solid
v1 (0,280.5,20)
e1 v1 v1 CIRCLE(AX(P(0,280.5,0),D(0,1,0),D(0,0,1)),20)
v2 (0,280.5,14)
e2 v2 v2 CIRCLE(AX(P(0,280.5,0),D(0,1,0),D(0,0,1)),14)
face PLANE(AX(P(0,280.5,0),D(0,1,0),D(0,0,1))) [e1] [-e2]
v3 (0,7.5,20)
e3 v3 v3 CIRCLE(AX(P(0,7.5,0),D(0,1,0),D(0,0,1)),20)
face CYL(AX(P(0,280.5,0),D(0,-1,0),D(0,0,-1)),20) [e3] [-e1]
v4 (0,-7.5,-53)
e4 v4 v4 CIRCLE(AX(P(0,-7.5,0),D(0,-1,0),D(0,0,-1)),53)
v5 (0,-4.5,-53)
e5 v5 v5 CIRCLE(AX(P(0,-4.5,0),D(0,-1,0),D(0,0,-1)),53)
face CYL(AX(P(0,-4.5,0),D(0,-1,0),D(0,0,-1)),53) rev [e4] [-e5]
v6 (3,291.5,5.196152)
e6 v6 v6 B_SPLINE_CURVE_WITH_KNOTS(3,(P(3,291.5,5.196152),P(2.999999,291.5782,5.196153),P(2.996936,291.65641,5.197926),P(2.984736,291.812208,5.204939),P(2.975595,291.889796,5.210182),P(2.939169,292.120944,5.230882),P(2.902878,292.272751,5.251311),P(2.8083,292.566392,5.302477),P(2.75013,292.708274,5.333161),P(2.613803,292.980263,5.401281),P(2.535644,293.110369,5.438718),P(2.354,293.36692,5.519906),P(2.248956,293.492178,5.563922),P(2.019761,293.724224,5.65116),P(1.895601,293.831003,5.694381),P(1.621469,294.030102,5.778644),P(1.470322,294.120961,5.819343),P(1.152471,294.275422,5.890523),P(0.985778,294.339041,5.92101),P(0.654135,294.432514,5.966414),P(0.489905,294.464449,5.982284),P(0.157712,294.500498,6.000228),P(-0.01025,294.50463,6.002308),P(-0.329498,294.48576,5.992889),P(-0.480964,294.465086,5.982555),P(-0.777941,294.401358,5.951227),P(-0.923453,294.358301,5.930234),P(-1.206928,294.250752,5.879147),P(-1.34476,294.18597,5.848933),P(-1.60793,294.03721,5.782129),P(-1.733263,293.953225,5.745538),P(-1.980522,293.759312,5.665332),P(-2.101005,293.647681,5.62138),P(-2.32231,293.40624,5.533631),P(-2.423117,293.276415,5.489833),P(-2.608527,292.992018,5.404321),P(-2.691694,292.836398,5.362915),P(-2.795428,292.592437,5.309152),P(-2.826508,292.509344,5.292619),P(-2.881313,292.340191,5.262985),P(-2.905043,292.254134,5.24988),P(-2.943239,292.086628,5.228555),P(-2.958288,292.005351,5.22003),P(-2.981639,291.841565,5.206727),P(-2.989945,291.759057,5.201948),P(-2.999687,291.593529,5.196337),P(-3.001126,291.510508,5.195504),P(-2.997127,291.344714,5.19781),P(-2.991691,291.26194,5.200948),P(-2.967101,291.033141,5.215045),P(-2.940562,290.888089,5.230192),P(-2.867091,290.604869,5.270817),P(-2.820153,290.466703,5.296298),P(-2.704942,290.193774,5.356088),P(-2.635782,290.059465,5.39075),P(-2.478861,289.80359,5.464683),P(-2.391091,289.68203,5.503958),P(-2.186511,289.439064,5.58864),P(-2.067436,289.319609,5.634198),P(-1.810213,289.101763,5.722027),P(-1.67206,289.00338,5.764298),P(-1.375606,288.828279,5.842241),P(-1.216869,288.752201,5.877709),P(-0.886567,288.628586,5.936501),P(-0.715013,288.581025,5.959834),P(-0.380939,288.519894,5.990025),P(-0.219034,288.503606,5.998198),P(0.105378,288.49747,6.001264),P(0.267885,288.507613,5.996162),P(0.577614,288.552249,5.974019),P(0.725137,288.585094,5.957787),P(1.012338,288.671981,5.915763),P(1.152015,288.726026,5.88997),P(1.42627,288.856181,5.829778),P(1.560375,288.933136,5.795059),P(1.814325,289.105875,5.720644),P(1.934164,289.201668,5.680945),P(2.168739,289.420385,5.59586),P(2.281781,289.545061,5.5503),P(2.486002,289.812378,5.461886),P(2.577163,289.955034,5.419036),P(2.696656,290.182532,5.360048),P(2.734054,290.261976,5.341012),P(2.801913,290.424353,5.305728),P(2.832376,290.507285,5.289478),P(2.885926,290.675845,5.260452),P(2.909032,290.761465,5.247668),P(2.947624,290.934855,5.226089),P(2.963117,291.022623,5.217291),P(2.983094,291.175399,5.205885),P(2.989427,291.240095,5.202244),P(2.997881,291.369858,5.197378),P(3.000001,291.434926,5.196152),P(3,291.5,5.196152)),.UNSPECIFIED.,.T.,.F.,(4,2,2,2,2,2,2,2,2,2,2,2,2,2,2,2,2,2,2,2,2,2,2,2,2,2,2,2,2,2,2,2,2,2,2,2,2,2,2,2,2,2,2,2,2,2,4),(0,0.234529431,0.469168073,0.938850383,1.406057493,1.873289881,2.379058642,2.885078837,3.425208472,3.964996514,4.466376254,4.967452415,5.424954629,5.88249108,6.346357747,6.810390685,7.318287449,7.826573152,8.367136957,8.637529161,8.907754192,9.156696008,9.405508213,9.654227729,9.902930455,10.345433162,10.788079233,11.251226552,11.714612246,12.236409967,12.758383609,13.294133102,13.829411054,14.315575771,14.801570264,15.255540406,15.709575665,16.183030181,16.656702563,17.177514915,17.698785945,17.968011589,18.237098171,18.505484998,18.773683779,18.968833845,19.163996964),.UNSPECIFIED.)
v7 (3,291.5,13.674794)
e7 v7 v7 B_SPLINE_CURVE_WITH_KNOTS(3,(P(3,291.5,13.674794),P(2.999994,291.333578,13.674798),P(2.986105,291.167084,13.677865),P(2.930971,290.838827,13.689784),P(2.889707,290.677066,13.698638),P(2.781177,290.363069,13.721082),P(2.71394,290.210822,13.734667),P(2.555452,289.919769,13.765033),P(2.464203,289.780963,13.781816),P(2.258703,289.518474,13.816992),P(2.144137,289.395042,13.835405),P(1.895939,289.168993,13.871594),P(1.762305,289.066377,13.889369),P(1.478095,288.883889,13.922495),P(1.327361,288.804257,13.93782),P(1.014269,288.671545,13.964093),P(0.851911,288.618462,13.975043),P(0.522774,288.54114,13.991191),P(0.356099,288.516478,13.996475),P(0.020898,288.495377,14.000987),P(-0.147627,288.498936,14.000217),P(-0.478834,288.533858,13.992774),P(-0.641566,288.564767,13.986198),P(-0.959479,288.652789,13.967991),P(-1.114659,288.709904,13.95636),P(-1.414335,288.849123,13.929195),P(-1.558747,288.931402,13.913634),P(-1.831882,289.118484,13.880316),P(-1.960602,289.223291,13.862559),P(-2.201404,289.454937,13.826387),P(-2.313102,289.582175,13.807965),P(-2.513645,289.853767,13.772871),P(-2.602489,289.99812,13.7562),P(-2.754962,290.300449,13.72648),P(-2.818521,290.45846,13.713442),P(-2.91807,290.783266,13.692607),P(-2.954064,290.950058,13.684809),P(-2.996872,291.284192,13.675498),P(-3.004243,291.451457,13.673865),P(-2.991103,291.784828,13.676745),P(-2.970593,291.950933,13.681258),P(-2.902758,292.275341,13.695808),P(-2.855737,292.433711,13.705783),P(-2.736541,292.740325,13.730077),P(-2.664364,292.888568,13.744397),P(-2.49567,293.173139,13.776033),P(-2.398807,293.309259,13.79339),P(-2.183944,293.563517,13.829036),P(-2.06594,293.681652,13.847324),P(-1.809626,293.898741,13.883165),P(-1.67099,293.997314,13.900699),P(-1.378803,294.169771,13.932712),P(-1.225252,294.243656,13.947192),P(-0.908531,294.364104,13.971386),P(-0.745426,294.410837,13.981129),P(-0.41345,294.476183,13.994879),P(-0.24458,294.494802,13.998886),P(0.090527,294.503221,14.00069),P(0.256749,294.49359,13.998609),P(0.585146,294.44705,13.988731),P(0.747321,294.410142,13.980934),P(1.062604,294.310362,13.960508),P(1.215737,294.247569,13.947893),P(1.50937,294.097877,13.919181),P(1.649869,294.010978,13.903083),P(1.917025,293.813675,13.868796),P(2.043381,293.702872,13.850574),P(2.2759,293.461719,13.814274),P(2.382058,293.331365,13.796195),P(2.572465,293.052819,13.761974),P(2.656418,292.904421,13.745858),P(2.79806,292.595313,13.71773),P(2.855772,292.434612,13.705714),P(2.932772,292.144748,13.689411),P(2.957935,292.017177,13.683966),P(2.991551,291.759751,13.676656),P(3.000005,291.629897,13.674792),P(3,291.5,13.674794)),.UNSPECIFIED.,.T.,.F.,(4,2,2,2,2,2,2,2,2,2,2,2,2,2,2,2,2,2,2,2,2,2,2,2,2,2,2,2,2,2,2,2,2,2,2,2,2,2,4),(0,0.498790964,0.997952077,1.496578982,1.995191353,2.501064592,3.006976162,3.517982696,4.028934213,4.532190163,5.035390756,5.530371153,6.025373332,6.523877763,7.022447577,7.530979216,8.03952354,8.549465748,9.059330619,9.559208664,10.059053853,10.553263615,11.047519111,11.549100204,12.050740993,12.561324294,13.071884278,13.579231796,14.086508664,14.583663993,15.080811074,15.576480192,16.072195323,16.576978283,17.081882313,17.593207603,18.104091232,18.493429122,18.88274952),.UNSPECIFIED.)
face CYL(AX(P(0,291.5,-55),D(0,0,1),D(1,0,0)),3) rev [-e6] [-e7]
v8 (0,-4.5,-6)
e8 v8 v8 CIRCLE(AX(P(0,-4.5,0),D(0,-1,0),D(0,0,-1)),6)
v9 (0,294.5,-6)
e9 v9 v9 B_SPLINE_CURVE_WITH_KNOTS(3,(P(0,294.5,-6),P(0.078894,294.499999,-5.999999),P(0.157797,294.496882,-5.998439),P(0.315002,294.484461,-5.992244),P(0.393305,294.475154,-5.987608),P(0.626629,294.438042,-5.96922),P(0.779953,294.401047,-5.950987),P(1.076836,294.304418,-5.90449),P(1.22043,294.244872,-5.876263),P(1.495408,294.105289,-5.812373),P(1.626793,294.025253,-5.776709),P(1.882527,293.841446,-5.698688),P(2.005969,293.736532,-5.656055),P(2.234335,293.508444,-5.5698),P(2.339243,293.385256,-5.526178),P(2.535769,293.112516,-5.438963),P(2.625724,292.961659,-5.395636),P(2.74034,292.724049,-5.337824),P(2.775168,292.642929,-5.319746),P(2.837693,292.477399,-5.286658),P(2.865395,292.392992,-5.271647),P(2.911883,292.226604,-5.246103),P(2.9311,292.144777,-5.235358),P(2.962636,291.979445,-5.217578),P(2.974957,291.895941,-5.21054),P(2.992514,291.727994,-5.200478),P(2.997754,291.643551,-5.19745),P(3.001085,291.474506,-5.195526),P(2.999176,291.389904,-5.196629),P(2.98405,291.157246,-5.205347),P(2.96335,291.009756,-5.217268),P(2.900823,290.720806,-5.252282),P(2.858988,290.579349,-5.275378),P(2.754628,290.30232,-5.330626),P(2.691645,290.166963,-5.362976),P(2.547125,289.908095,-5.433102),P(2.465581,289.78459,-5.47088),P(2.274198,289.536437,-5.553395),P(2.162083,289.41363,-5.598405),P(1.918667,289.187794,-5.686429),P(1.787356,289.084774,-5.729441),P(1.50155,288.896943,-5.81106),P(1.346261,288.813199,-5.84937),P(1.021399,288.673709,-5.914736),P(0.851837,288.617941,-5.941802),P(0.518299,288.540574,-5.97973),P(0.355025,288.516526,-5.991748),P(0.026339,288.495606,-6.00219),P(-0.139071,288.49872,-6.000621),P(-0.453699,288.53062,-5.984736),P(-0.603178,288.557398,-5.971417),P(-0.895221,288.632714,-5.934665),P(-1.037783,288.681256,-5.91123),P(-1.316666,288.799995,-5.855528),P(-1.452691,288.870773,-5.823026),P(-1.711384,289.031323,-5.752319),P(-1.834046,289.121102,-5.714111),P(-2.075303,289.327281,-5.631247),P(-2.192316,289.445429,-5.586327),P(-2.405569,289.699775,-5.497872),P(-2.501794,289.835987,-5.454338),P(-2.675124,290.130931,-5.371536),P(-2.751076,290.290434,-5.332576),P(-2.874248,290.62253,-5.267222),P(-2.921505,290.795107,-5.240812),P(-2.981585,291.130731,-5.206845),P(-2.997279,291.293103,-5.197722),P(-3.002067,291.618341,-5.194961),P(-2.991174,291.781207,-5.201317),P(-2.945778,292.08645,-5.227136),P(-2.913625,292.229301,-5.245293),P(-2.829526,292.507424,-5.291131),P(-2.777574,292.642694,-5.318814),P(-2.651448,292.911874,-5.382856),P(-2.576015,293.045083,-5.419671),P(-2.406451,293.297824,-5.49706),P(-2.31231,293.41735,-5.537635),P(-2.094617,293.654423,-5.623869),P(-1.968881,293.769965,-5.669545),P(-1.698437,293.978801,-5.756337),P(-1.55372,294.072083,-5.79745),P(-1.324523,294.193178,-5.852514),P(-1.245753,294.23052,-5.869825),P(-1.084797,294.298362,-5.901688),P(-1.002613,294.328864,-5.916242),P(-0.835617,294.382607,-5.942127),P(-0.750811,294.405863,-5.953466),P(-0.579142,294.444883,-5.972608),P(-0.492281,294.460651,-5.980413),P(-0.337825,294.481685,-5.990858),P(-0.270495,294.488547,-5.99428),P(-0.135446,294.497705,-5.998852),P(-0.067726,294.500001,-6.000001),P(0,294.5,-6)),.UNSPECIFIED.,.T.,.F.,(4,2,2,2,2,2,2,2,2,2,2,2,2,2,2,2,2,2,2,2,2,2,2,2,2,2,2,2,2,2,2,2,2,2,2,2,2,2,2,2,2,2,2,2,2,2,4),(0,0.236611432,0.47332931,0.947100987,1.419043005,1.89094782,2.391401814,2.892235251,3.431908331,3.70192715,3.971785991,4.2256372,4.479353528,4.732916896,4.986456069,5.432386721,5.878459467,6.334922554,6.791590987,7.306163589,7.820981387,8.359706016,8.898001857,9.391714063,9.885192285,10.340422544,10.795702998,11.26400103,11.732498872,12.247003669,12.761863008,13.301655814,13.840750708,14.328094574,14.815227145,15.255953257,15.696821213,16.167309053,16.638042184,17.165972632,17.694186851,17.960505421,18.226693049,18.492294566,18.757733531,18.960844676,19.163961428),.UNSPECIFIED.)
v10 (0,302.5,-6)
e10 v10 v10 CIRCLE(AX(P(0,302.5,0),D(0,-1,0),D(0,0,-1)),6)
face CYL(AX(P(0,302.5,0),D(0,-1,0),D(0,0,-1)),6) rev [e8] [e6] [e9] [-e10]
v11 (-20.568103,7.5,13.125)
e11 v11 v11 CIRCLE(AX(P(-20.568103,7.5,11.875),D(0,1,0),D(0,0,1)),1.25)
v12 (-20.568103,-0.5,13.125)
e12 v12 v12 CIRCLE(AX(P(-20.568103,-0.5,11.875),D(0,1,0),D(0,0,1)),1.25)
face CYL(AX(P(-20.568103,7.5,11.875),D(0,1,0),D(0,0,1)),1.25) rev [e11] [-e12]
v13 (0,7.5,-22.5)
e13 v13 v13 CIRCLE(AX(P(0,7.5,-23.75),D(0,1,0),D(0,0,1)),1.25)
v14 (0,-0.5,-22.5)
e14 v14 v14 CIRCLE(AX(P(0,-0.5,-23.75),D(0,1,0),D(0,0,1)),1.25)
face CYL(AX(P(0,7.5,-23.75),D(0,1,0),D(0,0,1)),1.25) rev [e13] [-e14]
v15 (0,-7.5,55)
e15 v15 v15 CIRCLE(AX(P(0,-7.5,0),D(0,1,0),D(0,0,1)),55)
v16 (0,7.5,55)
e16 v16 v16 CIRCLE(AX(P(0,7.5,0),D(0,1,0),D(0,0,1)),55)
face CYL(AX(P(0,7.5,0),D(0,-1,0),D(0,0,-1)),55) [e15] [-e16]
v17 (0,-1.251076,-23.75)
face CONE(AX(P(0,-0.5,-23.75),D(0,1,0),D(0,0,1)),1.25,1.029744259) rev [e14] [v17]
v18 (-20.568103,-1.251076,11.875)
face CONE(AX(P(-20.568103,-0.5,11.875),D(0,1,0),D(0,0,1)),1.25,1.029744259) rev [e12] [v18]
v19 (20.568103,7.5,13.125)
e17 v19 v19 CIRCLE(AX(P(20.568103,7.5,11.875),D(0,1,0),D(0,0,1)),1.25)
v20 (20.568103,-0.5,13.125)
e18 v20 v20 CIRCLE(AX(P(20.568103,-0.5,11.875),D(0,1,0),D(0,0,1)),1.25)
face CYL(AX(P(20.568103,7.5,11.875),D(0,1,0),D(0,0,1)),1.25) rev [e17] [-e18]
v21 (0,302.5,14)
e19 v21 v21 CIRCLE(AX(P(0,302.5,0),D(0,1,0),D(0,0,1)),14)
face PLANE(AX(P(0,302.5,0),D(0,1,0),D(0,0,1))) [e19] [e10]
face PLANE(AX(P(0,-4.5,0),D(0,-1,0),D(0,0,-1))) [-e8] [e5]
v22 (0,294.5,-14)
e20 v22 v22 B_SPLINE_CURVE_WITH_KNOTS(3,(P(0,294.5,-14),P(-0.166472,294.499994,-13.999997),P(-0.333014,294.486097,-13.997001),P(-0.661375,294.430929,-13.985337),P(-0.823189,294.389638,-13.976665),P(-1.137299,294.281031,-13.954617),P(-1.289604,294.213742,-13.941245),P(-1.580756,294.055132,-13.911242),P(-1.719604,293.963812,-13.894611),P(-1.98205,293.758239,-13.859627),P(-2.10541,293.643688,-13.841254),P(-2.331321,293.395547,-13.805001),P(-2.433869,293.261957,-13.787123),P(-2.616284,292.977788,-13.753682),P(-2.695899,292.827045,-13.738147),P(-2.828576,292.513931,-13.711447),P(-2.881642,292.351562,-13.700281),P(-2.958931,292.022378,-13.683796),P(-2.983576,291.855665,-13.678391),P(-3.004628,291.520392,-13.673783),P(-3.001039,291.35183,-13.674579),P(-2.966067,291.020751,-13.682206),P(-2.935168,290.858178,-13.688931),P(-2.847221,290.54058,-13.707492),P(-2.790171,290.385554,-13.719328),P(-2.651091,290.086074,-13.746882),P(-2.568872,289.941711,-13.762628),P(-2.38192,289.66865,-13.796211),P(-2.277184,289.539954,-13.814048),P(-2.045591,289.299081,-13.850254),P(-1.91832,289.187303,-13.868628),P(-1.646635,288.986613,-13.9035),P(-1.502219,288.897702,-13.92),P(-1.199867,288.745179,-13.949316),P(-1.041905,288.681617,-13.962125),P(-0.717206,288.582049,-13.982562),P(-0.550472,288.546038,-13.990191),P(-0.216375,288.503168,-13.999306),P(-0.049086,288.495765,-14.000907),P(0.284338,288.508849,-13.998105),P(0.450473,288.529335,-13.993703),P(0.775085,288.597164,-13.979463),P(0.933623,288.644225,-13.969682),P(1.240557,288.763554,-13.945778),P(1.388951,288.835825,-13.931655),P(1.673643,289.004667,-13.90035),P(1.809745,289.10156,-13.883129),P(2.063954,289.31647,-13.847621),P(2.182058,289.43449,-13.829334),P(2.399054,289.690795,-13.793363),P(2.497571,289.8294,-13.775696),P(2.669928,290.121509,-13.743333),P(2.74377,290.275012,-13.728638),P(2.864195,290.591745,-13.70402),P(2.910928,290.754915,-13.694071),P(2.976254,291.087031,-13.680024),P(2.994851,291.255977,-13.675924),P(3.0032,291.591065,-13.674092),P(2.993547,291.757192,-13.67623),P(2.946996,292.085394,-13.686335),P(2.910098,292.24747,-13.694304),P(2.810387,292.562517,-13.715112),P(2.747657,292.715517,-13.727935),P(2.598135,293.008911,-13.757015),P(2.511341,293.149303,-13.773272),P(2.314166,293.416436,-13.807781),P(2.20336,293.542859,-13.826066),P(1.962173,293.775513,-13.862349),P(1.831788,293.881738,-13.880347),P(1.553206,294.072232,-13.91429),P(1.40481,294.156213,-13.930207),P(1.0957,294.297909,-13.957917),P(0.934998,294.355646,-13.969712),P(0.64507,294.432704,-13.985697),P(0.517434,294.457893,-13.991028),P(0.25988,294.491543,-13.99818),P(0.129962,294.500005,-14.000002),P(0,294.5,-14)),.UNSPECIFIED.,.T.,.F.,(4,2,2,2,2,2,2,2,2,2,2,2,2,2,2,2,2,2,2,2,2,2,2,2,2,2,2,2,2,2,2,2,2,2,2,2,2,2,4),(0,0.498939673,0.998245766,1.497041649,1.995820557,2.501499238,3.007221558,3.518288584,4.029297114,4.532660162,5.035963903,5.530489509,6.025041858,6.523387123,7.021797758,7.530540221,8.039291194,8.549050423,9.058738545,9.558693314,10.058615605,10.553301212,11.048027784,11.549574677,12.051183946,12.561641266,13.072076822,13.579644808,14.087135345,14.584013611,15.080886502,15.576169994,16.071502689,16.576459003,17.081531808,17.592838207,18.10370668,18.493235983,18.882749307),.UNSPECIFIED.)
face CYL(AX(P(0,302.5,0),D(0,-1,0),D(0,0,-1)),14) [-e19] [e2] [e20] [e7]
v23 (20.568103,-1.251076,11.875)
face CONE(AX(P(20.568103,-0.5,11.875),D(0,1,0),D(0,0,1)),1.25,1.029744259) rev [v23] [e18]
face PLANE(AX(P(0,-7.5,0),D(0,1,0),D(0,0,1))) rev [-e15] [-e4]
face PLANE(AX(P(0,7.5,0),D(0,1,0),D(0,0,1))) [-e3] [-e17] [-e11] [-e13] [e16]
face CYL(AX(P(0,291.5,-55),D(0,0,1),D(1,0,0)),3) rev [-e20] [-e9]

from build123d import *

# Parameters (mm, degrees)
SKETCH1_R               = 55
BOSS_EXTRUDE1_DEPTH     = 7.5
SKETCH2_R               = 20
BOSS_EXTRUDE2_DEPTH     = 273
SKETCH3_R               = 14
BOSS_EXTRUDE3_DEPTH     = 22
SKETCH4_R               = 53
CUT_EXTRUDE1_DEPTH      = 3
SKETCH5_R               = 6
CUT_EXTRUDE2_DEPTH      = 317.700173666
CUT_EXTRUDE3_DEPTH      = 313.339959019
CUT_EXTRUDE3_DEPTH_BACK = 313.339959019
SKETCH7_R               = 3
M3_TAPPED_HOLE1_D       = 2.5
M3_TAPPED_HOLE1_DEPTH   = 8
M3_TAPPED_HOLE1_TIP     = 0.751075774


with BuildPart() as part:
    # Sketch1 → Boss-Extrude1 (new, symmetric)
    with BuildSketch(Plane(origin=(0, 0, 0), x_dir=(1, 0, 0), z_dir=(0, 1, 0))):
        with Locations(Location((0, 0, 0), (0, 0, 270))):
            Circle(SKETCH1_R)
    extrude(amount=BOSS_EXTRUDE1_DEPTH, both=True)

    # Sketch2 → Boss-Extrude2 (add)
    with BuildSketch(Plane(origin=(0, 7.5, 0), x_dir=(1, 0, 0), z_dir=(0, 1, 0))):
        with Locations(Location((0, 0, 0), (0, 0, 270))):
            Circle(SKETCH2_R)
    extrude(amount=BOSS_EXTRUDE2_DEPTH)

    # Sketch3 → Boss-Extrude3 (add)
    with BuildSketch(Plane(origin=(0, 280.5, 0), x_dir=(1, 0, 0), z_dir=(0, 1, 0))):
        with Locations(Location((0, 0, 0), (0, 0, 270))):
            Circle(SKETCH3_R)
    extrude(amount=BOSS_EXTRUDE3_DEPTH)

    # Sketch4 → Cut-Extrude1 (cut)
    with BuildSketch(Plane.XZ.offset(7.5)):
        with Locations(Location((0, 0, 0), (0, 0, 270))):
            Circle(SKETCH4_R)
    extrude(amount=-CUT_EXTRUDE1_DEPTH, mode=Mode.SUBTRACT)

    # Sketch5 → Cut-Extrude2 (cut, through all)
    with BuildSketch(Plane.XZ.offset(4.5)):
        with Locations(Location((0, 0, 0), (0, 0, 270))):
            Circle(SKETCH5_R)
    extrude(amount=-CUT_EXTRUDE2_DEPTH, mode=Mode.SUBTRACT)

    # Sketch7 → Cut-Extrude3 (cut, two sides: drawn at the far end of the back side and taken through both)
    with BuildSketch(Plane.XY.offset(-CUT_EXTRUDE3_DEPTH_BACK)):
        with Locations((0, 291.5)):
            Circle(SKETCH7_R)
    extrude(amount=CUT_EXTRUDE3_DEPTH + CUT_EXTRUDE3_DEPTH_BACK, mode=Mode.SUBTRACT)

    # M3 Tapped Hole1
    with Locations(Plane(origin=(0, 7.5, 0), x_dir=(1, 0, 0), z_dir=(0, 1, 0))):
        with Locations((-20.56810334, -11.875), (20.56810334, -11.875), (0, 23.75)):
            Hole(M3_TAPPED_HOLE1_D / 2, depth=M3_TAPPED_HOLE1_DEPTH)
            with Locations((0, 0, -(M3_TAPPED_HOLE1_DEPTH + M3_TAPPED_HOLE1_TIP / 2))):  # 118° drill point
                Cone(0, M3_TAPPED_HOLE1_D / 2, M3_TAPPED_HOLE1_TIP, mode=Mode.SUBTRACT)


solid = part.part
